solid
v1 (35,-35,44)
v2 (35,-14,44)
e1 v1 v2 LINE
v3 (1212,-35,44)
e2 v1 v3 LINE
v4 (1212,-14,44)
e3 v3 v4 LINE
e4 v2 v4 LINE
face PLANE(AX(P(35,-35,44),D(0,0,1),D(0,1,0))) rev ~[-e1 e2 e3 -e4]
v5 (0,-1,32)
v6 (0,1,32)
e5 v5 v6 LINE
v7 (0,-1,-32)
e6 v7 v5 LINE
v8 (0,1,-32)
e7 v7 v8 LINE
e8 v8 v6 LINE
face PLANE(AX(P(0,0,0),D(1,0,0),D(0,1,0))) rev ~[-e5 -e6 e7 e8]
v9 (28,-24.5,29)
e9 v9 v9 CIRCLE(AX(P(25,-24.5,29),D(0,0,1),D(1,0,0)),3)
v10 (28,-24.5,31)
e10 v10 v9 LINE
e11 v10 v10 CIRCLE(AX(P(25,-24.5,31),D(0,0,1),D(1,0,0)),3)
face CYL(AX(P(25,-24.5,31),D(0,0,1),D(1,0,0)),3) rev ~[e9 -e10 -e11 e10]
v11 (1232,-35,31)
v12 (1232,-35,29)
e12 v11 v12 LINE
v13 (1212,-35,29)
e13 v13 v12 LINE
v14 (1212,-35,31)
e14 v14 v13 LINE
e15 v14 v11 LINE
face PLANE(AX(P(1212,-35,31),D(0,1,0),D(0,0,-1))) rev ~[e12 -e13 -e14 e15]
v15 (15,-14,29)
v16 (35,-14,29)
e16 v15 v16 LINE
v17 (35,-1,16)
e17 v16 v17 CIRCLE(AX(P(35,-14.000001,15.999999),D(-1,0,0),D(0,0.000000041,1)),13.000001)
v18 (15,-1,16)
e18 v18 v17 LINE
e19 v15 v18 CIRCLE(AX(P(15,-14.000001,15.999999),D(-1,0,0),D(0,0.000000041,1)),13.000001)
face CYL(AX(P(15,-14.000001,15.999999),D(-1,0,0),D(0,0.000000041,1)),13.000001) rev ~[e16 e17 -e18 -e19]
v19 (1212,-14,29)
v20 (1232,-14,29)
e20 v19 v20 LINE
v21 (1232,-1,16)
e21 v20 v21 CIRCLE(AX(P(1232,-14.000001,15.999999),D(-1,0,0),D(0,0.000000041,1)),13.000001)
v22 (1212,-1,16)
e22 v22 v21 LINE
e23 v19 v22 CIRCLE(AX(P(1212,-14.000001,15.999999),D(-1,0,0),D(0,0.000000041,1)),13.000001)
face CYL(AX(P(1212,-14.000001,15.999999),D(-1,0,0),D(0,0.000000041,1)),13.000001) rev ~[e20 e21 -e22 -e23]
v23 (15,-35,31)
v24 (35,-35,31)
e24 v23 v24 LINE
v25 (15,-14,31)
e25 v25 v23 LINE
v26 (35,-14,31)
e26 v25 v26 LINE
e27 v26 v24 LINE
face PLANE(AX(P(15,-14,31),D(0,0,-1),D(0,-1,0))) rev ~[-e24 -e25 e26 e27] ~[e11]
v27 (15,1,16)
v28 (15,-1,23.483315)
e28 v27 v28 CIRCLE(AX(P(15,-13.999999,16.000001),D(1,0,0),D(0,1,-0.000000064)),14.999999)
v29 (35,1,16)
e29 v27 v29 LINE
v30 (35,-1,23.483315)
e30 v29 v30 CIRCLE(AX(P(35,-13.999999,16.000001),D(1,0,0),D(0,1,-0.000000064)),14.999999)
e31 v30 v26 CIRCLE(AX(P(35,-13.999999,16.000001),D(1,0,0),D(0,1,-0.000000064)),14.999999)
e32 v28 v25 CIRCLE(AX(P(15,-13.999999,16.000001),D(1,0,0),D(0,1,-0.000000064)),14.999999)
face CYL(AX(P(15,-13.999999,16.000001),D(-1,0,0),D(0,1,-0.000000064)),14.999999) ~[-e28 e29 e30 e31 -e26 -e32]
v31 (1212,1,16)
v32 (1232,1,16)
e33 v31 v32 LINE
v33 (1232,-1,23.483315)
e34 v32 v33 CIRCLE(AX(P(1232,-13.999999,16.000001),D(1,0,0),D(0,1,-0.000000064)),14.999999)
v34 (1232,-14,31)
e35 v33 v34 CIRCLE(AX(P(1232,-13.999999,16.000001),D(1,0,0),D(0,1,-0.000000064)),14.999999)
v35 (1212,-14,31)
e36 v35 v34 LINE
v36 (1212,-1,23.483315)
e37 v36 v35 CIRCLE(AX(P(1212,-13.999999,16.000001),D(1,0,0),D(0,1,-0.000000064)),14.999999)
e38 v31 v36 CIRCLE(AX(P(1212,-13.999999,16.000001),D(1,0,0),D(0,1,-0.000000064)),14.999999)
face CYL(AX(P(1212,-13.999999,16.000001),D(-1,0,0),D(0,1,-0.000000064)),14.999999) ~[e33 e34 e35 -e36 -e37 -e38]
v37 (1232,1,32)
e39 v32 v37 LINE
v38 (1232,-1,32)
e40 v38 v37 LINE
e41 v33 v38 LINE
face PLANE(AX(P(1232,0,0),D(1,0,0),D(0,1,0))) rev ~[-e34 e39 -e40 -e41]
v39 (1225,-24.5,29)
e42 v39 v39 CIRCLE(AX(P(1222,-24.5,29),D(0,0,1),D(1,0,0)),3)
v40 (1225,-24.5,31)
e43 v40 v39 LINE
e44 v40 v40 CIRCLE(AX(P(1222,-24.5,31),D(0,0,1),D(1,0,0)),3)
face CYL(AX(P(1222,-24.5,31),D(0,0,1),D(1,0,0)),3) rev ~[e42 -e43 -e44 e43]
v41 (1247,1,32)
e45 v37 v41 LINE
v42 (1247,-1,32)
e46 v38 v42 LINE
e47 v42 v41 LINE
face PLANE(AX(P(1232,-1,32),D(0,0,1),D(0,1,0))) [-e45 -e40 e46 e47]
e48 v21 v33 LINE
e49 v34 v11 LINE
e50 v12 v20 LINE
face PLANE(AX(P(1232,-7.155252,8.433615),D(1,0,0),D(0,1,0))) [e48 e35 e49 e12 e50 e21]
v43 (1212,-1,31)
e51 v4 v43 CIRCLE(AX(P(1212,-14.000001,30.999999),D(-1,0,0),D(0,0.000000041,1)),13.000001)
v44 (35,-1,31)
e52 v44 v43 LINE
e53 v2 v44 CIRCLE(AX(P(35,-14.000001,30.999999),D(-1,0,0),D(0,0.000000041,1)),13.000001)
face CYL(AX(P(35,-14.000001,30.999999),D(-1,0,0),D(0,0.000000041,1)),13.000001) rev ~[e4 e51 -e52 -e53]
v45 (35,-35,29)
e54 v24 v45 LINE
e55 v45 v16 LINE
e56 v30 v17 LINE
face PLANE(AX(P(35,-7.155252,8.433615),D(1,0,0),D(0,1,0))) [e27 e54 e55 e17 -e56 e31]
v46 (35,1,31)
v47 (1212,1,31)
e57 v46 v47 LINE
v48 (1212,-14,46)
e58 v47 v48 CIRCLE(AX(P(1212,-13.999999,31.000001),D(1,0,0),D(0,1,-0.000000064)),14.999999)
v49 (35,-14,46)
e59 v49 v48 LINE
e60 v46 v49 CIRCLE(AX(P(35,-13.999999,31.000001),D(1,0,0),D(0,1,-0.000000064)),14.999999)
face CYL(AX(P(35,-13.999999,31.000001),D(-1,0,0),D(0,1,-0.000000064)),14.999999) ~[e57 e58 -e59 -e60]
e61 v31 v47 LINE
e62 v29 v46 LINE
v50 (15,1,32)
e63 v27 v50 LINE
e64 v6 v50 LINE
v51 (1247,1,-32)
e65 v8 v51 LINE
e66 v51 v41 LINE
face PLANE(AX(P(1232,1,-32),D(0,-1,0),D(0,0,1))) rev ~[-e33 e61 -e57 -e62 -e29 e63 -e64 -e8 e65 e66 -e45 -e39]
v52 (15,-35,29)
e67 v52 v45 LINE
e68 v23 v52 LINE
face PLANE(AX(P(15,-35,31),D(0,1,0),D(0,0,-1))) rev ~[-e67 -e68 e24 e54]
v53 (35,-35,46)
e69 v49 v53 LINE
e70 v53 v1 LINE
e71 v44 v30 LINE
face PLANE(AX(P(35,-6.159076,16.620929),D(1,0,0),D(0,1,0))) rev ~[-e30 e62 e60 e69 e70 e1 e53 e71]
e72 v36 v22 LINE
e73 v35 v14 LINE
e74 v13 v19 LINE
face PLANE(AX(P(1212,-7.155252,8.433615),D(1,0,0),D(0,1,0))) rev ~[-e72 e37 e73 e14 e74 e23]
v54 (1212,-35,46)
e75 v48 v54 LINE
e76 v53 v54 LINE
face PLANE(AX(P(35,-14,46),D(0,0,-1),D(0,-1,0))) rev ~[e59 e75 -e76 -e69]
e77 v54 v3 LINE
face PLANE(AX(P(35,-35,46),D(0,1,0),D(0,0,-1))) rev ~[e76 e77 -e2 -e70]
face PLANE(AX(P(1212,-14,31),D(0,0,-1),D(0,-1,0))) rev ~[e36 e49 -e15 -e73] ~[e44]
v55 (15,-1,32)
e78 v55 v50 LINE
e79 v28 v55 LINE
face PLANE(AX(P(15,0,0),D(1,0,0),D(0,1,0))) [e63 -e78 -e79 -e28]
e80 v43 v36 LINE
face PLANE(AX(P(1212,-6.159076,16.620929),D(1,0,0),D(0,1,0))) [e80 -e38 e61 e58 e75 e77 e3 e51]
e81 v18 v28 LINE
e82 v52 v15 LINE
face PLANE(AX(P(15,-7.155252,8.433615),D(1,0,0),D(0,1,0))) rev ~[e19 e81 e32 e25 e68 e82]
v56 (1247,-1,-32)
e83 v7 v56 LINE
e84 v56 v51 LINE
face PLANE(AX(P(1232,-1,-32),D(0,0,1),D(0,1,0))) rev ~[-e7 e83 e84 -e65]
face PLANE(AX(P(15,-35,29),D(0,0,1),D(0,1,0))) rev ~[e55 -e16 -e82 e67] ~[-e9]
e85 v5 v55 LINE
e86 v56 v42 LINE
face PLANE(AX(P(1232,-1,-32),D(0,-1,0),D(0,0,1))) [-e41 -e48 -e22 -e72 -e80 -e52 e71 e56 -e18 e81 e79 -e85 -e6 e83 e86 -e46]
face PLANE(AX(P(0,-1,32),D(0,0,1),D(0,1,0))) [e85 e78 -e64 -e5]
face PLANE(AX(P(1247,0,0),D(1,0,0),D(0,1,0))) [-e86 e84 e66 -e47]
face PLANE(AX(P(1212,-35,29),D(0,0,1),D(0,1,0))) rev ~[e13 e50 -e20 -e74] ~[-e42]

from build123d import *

# Parameters (mm, degrees)
F0_W      = 2
F0_H      = 64
F1_DEPTH  = 15
F3_DEPTH  = 20
F5_DEPTH  = 1177
F7_DEPTH  = 20
F8_W      = 2
F8_H      = 64
F9_DEPTH  = 15
F10_R     = 3
F11_DEPTH = 2
F12_R     = 3
F13_DEPTH = 2


with BuildPart() as f1:
    # F0 (on Right) → F1 (new body)
    with BuildSketch(Plane.YZ):
        Rectangle(F0_W, F0_H)
    extrude(amount=F1_DEPTH)



with BuildPart() as f3:
    # F2 (on face) → F3 (new body)
    with BuildSketch(Plane.YZ.offset(1212)):
        with BuildLine():
            Line((-1, -32), (1, -32))
            Line((1, -32), (1, 16))
            ThreePointArc((1, 16), (-3.393398, 26.606602), (-14, 31))
            Line((-14, 31), (-35, 31))
            Line((-35, 31), (-35, 29))
            Line((-35, 29), (-14, 29))
            ThreePointArc((-14, 29), (-4.807612, 25.192388), (-1, 16))
            Line((-1, 16), (-1, -32))
        make_face()
    extrude(amount=F3_DEPTH)

    # F4 (on face) → F5 (join)
    with BuildSketch(Plane.YZ.offset(35)):
        with BuildLine():
            Line((-1, -32), (1, -32))
            Line((1, -32), (1, 31))
            ThreePointArc((1, 31), (-3.393398, 41.606602), (-14, 46))
            Line((-14, 46), (-35, 46))
            Line((-35, 46), (-35, 44))
            Line((-35, 44), (-14, 44))
            ThreePointArc((-14, 44), (-4.807612, 40.192388), (-1, 31))
            Line((-1, 31), (-1, -32))
        make_face()
    extrude(amount=F5_DEPTH)


with BuildPart() as f1_1:
    add(f1.part)

    add(f3.part)  # F7 merges F3
    # F6 (on face) → F7 (join)
    with BuildSketch(Plane.YZ.offset(15)):
        with BuildLine():
            Line((-1, -32), (1, -32))
            Line((1, -32), (1, 16))
            ThreePointArc((1, 16), (-3.393398, 26.606602), (-14, 31))
            Line((-14, 31), (-35, 31))
            Line((-35, 31), (-35, 29))
            Line((-35, 29), (-14, 29))
            ThreePointArc((-14, 29), (-4.807612, 25.192388), (-1, 16))
            Line((-1, 16), (-1, -32))
        make_face()
    extrude(amount=F7_DEPTH)

    # F8 (on face) → F9 (join)
    with BuildSketch(Plane.YZ.offset(1232)):
        Rectangle(F8_W, F8_H)
    extrude(amount=F9_DEPTH)

    # F10 (on face) → F11 (cut)
    with BuildSketch(Plane.XY.offset(31)):
        with Locations((1222, -24.5)):
            Circle(F10_R)
    extrude(amount=-F11_DEPTH, mode=Mode.SUBTRACT)

    # F12 (on face) → F13 (cut)
    with BuildSketch(Plane.XY.offset(31)):
        with Locations((25, -24.5)):
            Circle(F12_R)
    extrude(amount=-F13_DEPTH, mode=Mode.SUBTRACT)


solid = f1_1.part
